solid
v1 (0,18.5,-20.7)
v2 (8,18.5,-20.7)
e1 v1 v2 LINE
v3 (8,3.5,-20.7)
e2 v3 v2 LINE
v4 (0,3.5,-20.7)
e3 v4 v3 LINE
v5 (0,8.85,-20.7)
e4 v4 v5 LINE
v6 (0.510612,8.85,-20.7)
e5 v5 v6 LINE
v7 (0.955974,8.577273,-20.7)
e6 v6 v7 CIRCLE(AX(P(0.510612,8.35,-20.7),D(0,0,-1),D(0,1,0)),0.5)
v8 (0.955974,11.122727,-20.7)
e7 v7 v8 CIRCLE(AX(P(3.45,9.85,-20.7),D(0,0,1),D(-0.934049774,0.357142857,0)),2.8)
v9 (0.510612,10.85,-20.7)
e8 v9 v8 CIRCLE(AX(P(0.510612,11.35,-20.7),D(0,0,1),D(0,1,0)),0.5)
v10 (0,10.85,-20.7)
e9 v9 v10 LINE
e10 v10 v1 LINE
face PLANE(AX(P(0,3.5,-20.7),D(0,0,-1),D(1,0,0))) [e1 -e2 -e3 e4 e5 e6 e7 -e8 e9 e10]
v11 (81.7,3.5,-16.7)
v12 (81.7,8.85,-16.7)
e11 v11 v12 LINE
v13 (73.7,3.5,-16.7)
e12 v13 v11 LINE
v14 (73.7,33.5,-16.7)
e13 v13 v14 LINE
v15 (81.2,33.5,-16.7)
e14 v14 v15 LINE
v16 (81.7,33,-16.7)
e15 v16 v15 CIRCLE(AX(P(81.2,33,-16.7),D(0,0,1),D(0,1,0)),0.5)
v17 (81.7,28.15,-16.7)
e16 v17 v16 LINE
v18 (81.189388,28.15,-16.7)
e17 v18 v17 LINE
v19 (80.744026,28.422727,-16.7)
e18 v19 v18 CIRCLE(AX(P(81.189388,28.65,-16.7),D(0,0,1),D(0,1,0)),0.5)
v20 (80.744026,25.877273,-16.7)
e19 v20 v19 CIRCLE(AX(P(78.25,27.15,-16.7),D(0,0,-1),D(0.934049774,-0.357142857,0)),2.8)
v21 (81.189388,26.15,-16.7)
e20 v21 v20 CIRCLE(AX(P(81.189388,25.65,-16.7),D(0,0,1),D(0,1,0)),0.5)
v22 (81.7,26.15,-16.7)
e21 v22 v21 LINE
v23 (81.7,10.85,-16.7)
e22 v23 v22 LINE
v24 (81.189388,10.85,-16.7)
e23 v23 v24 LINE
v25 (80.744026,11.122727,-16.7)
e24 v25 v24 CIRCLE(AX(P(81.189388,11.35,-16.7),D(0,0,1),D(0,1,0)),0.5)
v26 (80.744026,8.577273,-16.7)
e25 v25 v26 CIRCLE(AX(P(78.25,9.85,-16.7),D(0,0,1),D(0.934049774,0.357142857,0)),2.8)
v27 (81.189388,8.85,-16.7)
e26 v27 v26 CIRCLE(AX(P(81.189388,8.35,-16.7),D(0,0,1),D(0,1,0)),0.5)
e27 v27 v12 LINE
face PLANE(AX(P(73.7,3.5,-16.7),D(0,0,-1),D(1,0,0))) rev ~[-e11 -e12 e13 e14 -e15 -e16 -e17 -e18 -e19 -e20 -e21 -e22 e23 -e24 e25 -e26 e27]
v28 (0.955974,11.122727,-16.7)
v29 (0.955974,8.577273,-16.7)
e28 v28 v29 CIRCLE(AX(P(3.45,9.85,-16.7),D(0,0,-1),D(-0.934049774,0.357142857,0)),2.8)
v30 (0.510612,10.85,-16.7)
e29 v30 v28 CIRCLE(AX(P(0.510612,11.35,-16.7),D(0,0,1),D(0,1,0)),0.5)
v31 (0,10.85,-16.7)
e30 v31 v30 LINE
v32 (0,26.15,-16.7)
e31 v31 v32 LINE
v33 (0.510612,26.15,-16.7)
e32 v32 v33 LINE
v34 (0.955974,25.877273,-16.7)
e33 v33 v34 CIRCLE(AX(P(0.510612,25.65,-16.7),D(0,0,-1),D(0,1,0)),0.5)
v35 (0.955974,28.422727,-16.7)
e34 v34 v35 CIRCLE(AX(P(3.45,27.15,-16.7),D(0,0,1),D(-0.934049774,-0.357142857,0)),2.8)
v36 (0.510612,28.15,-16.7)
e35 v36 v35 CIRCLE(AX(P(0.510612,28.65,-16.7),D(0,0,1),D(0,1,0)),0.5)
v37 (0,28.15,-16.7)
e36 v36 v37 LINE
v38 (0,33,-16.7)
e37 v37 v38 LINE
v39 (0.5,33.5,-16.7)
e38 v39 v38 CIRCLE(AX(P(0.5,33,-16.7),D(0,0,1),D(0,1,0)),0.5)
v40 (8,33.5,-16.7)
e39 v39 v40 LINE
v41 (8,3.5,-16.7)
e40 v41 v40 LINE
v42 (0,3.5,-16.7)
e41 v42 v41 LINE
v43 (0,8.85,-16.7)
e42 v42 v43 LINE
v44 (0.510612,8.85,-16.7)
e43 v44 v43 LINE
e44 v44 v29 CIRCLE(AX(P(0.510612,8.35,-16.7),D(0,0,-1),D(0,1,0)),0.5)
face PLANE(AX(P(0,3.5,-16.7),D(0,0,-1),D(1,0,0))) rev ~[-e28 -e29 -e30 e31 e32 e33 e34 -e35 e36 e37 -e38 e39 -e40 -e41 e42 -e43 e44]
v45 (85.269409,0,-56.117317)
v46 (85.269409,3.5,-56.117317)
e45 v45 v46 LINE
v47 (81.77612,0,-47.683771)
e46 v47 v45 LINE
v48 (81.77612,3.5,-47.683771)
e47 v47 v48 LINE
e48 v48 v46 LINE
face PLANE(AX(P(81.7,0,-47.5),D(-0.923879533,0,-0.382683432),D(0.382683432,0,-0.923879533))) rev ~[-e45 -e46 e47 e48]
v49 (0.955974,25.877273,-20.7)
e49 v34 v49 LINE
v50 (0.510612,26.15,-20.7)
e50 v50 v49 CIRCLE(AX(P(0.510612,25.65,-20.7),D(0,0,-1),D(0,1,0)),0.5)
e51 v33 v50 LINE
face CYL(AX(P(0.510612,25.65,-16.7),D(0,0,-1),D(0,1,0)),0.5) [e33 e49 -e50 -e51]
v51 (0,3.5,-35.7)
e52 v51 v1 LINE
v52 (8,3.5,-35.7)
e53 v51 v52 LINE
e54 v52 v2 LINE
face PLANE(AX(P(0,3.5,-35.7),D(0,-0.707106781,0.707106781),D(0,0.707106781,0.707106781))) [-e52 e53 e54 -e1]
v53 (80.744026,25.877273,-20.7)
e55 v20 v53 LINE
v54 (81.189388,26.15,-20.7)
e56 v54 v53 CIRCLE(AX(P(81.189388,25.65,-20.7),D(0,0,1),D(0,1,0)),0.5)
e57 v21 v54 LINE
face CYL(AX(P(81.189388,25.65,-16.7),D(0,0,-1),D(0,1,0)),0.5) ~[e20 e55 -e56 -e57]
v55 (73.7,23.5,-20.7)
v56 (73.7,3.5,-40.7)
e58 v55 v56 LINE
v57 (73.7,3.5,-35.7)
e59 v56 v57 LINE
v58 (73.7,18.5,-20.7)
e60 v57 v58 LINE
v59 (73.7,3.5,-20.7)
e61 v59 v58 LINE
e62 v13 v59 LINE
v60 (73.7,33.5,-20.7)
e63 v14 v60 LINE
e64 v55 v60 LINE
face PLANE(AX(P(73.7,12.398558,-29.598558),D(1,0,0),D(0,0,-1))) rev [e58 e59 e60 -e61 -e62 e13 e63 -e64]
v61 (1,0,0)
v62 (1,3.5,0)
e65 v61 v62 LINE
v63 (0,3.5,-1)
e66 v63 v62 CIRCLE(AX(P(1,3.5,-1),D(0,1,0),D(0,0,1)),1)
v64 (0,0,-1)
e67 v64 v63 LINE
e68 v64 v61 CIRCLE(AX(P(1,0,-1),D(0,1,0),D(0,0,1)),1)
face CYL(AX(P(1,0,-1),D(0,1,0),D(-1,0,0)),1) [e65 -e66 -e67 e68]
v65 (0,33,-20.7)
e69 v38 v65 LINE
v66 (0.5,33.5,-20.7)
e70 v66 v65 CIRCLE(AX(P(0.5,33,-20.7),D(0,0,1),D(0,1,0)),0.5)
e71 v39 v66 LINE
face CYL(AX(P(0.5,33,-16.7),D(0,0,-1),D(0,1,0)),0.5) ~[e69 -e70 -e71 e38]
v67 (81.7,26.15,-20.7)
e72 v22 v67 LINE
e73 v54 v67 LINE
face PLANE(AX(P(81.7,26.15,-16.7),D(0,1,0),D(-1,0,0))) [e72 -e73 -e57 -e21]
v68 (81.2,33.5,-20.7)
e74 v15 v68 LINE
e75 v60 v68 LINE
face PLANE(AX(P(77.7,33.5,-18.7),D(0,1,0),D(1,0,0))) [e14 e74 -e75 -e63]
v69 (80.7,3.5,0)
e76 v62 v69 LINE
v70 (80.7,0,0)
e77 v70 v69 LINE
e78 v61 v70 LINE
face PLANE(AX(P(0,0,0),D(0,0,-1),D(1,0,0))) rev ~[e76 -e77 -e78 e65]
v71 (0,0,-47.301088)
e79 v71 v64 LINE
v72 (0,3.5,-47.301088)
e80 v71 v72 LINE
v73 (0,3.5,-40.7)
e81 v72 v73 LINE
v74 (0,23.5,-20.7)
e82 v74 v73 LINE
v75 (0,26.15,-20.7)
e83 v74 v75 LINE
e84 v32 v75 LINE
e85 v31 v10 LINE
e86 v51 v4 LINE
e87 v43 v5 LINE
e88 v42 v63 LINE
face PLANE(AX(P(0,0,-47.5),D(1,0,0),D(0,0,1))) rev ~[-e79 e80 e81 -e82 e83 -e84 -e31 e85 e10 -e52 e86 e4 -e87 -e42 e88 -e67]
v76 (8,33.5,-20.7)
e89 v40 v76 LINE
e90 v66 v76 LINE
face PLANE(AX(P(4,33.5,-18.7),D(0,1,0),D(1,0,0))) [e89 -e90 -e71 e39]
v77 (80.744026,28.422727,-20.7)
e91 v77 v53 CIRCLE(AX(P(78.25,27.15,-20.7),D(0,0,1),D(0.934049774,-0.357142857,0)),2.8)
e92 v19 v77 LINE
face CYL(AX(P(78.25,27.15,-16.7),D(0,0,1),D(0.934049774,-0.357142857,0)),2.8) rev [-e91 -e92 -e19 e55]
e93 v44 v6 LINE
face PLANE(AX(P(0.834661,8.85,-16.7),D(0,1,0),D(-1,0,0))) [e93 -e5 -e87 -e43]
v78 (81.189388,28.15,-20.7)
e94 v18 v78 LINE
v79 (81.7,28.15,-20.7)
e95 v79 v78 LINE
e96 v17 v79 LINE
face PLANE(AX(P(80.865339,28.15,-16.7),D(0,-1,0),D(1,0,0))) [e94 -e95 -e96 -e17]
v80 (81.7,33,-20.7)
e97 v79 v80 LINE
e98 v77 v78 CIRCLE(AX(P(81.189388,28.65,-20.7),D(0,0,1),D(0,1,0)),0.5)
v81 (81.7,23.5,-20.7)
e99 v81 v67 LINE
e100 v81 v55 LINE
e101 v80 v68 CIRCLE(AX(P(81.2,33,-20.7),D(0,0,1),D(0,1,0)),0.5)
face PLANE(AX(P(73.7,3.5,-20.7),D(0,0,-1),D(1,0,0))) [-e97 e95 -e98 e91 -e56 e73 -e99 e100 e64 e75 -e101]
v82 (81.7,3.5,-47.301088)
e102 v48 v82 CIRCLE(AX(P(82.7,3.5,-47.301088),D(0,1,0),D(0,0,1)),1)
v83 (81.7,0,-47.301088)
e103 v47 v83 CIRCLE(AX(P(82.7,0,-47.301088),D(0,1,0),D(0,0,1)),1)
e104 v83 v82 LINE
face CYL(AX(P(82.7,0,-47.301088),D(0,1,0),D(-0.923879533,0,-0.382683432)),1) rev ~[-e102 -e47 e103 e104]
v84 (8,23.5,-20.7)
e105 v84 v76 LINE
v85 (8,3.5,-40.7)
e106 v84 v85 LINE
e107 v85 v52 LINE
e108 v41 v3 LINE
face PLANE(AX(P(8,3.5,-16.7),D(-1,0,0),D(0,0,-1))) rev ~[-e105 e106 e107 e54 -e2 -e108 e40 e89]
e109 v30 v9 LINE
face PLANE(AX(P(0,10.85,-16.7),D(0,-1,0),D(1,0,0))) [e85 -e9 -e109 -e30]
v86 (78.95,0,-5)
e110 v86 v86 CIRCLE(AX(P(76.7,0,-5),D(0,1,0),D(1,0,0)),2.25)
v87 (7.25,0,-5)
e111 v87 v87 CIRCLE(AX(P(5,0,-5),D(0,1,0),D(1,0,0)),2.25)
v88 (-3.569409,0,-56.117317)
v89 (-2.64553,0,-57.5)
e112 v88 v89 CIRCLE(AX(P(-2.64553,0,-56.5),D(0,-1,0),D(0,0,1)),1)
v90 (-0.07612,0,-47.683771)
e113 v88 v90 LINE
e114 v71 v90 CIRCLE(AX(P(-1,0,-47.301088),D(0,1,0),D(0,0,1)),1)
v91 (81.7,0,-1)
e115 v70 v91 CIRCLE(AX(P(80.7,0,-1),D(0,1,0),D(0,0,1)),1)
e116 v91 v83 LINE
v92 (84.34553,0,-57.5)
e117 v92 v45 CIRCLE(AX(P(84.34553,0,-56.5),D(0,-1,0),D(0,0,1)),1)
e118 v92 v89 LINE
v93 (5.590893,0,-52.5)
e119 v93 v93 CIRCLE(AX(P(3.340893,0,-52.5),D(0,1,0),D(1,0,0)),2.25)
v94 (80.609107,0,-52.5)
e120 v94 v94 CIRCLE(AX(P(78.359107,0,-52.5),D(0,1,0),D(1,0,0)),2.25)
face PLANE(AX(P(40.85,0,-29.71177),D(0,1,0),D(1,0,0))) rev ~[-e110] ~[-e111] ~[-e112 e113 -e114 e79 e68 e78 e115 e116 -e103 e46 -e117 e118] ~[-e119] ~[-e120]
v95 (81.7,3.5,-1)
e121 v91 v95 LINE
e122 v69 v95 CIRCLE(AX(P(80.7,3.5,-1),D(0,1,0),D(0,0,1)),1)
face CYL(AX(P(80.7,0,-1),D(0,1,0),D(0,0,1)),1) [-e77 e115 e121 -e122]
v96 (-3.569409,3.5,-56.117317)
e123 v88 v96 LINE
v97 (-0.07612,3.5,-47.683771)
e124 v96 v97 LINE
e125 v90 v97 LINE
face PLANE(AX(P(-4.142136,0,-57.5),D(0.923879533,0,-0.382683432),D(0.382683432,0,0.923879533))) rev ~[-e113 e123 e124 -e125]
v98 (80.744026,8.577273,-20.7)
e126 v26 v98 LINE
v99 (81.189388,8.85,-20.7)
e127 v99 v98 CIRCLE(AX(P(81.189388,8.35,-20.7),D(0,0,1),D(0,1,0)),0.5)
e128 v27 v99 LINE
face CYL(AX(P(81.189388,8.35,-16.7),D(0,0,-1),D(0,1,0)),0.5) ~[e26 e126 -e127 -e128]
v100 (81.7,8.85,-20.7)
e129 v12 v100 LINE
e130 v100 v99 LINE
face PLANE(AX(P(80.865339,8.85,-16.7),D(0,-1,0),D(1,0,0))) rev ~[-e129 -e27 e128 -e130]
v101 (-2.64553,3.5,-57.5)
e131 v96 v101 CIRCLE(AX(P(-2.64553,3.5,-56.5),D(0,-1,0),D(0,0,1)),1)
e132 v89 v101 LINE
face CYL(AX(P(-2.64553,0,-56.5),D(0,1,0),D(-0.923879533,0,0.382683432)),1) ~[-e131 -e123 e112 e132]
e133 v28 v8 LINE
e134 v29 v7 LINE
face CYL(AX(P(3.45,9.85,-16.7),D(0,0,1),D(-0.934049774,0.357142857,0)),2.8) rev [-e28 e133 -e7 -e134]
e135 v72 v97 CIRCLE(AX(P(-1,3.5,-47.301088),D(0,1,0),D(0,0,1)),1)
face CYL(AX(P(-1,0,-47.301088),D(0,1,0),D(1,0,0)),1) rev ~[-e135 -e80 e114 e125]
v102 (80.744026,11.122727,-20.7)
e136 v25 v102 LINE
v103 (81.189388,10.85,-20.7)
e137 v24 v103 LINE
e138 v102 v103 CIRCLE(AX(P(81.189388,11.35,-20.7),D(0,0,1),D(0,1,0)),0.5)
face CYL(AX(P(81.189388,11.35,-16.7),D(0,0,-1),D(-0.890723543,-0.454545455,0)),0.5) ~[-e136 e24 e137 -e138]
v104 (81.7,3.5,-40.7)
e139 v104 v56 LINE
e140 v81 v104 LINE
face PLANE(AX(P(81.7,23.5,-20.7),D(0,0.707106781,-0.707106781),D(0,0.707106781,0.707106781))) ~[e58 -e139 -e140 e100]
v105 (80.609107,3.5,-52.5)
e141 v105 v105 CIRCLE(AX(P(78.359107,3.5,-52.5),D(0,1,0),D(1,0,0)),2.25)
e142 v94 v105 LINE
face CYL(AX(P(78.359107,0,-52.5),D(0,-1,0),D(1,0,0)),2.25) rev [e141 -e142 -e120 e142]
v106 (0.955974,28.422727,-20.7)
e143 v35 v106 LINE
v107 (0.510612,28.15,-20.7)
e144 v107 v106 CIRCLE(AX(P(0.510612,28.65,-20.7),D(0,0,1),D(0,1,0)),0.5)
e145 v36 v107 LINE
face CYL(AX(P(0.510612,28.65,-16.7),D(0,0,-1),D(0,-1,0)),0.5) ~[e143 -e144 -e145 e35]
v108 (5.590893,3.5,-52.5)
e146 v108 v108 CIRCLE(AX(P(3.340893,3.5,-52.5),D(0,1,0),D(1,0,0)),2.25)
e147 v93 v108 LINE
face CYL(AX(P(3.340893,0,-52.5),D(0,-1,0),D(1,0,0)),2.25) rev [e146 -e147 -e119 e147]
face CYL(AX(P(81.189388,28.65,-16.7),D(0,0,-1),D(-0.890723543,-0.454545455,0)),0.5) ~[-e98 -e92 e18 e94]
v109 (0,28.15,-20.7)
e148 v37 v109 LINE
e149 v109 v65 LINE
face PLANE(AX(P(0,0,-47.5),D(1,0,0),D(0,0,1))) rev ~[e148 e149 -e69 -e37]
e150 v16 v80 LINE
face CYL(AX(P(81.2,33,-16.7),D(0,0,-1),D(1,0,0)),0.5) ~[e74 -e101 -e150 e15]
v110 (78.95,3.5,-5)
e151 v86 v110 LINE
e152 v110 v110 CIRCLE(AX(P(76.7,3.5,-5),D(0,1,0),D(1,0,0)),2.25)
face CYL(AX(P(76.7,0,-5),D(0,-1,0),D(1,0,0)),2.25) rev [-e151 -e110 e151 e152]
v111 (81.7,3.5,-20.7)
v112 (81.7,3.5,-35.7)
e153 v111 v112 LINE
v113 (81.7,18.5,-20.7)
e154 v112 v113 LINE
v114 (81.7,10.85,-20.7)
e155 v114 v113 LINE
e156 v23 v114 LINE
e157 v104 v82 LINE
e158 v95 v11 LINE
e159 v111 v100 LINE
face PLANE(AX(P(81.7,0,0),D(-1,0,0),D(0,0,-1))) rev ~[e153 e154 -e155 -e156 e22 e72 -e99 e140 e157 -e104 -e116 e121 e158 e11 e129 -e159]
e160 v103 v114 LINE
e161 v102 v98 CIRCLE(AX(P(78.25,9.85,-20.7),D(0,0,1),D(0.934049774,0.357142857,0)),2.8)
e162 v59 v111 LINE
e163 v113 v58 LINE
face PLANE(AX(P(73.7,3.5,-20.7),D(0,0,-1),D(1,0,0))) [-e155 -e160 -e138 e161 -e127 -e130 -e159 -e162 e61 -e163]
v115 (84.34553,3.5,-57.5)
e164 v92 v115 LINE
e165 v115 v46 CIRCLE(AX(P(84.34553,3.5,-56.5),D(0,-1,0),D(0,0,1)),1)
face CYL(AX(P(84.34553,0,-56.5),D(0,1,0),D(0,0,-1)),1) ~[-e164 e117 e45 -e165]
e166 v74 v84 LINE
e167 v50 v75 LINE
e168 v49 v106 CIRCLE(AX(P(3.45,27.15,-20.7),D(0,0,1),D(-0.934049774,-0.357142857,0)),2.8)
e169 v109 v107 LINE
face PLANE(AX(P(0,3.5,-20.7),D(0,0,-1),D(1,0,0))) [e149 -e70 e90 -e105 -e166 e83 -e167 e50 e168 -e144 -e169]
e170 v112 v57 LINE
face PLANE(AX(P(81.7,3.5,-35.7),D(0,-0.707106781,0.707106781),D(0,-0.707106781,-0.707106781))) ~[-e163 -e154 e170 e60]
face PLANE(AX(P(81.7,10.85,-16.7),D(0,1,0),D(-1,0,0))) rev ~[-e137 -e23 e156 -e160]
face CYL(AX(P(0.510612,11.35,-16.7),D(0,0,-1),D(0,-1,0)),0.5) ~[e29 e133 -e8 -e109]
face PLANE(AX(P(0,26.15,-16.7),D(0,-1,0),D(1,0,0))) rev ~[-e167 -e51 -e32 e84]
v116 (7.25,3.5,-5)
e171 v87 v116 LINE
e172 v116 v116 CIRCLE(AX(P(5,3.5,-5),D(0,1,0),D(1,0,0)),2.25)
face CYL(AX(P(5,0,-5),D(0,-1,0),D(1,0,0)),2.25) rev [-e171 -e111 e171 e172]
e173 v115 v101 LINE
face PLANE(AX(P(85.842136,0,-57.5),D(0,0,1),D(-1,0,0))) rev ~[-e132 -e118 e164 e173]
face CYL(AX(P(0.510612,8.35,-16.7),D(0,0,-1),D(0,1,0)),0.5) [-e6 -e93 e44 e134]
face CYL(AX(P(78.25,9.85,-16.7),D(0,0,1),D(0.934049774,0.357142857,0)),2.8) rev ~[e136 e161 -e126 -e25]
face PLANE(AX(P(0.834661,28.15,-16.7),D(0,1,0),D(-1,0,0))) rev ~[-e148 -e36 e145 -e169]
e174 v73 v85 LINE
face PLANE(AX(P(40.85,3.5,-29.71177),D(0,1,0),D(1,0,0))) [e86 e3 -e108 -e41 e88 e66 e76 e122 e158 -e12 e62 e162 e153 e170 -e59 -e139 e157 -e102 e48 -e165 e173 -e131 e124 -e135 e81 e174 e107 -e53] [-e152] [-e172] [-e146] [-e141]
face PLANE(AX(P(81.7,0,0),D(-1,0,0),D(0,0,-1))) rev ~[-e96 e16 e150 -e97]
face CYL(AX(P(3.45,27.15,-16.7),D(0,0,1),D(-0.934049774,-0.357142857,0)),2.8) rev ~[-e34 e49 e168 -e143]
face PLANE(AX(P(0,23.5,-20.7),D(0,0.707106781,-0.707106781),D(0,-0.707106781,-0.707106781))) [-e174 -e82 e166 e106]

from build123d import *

# Parameters (mm, degrees)
SKETCH1_R           = 2.25
BOSS_EXTRUDE1_DEPTH = 3.5
SKETCH2_W           = 8
SKETCH2_H           = 4
BOSS_EXTRUDE2_DEPTH = 30
CUT_EXTRUDE1_DEPTH  = 41.8
BOSS_EXTRUDE3_DEPTH = 8
FILLET3_R           = 0.5
FILLET4_R           = 1


with BuildPart() as part:
    # Sketch1 → Boss-Extrude1 (new body)
    with BuildSketch(Plane(origin=(0, 0, 0), x_dir=(1, 0, 0), z_dir=(0, 1, 0))):
        Polygon((0, 0), (81.7, 0), (81.7, 47.5), (85.842135624, 57.5), (81.7, 57.5), (0, 57.5), (-4.142135624, 57.5), (0, 47.5), align=None)
        with Locations((5, 5)):
            Circle(SKETCH1_R, mode=Mode.SUBTRACT)
        with Locations((76.7, 5)):
            Circle(SKETCH1_R, mode=Mode.SUBTRACT)
        with Locations((3.34089319, 52.5)):
            Circle(SKETCH1_R, mode=Mode.SUBTRACT)
        with Locations((78.35910681, 52.5)):
            Circle(SKETCH1_R, mode=Mode.SUBTRACT)
    extrude(amount=BOSS_EXTRUDE1_DEPTH)

    # Sketch2 → Boss-Extrude2 (add)
    with BuildSketch(Plane(origin=(0, 3.5, 0), x_dir=(1, 0, 0), z_dir=(0, 1, 0))):
        with Locations((4, 18.7)):
            Rectangle(SKETCH2_W, SKETCH2_H)
        with Locations((77.7, 18.7)):
            Rectangle(SKETCH2_W, SKETCH2_H)
    extrude(amount=BOSS_EXTRUDE2_DEPTH)

    # Sketch3 → Cut-Extrude1 (cut, through all)
    with BuildSketch(Plane.XY.offset(-16.7)):
        with BuildLine():
            Line((0.834660634, 28.15), (0, 28.15))
            Line((0, 28.15), (0, 26.15))
            Line((0, 26.15), (0.834660634, 26.15))
            ThreePointArc((0.834660634, 26.15), (6.25, 27.15), (0.834660634, 28.15))
        make_face()
        with BuildLine():
            Line((0, 10.85), (0.834660634, 10.85))
            ThreePointArc((0.834660634, 10.85), (6.25, 9.85), (0.834660634, 8.85))
            Line((0.834660634, 8.85), (0, 8.85))
            Line((0, 8.85), (0, 10.85))
        make_face()
        with BuildLine():
            Line((81.7, 8.85), (81.7, 10.85))
            Line((81.7, 10.85), (80.865339366, 10.85))
            ThreePointArc((80.865339366, 10.85), (75.45, 9.85), (80.865339366, 8.85))
            Line((80.865339366, 8.85), (81.7, 8.85))
        make_face()
        with BuildLine():
            Line((81.7, 26.15), (80.865339366, 26.15))
            ThreePointArc((80.865339366, 26.15), (75.45, 27.15), (80.865339366, 28.15))
            Line((80.865339366, 28.15), (81.7, 28.15))
            Line((81.7, 28.15), (81.7, 26.15))
        make_face()
    extrude(amount=-CUT_EXTRUDE1_DEPTH, mode=Mode.SUBTRACT)

    # Sketch4 → Boss-Extrude3 (add)
    with BuildSketch(Plane(origin=(0, 0, 0), x_dir=(0, 0, -1), z_dir=(1, 0, 0))):
        Polygon((20.7, 23.5), (40.7, 3.5), (35.7, 3.5), (20.7, 18.5), align=None)
    boss_extrude3 = extrude(amount=BOSS_EXTRUDE3_DEPTH)

    # Mirror1: Boss-Extrude3 across plane
    add(boss_extrude3.mirror(Plane(origin=(40.85, 0, 0), x_dir=(0, 0, 1), z_dir=(1, 0, 0))))

    # Fillet3
    fillet3_edges = [part.edges().sort_by_distance(p)[0] for p in [
        (80.865339366, 26.15, -18.7),
        (80.865339366, 28.15, -18.7),
        (0.834660634, 10.85, -18.7),
        (0.834660634, 8.85, -18.7),
        (0, 33.5, -18.7),
        (81.7, 33.5, -18.7),
        (0.834660634, 28.15, -18.7),
        (0.834660634, 26.15, -18.7),
        (80.865339366, 8.85, -18.7),
        (80.865339366, 10.85, -18.7),
    ]]
    fillet(fillet3_edges, radius=FILLET3_R)

    # Fillet4
    fillet4_edges = [part.edges().sort_by_distance(p)[0] for p in [
        (0, 1.75, -47.5),
        (-4.142135624, 1.75, -57.5),
        (85.842135624, 1.75, -57.5),
        (81.7, 1.75, -47.5),
        (81.7, 1.75, 0),
        (0, 1.75, 0),
    ]]
    fillet(fillet4_edges, radius=FILLET4_R)


solid = part.part
